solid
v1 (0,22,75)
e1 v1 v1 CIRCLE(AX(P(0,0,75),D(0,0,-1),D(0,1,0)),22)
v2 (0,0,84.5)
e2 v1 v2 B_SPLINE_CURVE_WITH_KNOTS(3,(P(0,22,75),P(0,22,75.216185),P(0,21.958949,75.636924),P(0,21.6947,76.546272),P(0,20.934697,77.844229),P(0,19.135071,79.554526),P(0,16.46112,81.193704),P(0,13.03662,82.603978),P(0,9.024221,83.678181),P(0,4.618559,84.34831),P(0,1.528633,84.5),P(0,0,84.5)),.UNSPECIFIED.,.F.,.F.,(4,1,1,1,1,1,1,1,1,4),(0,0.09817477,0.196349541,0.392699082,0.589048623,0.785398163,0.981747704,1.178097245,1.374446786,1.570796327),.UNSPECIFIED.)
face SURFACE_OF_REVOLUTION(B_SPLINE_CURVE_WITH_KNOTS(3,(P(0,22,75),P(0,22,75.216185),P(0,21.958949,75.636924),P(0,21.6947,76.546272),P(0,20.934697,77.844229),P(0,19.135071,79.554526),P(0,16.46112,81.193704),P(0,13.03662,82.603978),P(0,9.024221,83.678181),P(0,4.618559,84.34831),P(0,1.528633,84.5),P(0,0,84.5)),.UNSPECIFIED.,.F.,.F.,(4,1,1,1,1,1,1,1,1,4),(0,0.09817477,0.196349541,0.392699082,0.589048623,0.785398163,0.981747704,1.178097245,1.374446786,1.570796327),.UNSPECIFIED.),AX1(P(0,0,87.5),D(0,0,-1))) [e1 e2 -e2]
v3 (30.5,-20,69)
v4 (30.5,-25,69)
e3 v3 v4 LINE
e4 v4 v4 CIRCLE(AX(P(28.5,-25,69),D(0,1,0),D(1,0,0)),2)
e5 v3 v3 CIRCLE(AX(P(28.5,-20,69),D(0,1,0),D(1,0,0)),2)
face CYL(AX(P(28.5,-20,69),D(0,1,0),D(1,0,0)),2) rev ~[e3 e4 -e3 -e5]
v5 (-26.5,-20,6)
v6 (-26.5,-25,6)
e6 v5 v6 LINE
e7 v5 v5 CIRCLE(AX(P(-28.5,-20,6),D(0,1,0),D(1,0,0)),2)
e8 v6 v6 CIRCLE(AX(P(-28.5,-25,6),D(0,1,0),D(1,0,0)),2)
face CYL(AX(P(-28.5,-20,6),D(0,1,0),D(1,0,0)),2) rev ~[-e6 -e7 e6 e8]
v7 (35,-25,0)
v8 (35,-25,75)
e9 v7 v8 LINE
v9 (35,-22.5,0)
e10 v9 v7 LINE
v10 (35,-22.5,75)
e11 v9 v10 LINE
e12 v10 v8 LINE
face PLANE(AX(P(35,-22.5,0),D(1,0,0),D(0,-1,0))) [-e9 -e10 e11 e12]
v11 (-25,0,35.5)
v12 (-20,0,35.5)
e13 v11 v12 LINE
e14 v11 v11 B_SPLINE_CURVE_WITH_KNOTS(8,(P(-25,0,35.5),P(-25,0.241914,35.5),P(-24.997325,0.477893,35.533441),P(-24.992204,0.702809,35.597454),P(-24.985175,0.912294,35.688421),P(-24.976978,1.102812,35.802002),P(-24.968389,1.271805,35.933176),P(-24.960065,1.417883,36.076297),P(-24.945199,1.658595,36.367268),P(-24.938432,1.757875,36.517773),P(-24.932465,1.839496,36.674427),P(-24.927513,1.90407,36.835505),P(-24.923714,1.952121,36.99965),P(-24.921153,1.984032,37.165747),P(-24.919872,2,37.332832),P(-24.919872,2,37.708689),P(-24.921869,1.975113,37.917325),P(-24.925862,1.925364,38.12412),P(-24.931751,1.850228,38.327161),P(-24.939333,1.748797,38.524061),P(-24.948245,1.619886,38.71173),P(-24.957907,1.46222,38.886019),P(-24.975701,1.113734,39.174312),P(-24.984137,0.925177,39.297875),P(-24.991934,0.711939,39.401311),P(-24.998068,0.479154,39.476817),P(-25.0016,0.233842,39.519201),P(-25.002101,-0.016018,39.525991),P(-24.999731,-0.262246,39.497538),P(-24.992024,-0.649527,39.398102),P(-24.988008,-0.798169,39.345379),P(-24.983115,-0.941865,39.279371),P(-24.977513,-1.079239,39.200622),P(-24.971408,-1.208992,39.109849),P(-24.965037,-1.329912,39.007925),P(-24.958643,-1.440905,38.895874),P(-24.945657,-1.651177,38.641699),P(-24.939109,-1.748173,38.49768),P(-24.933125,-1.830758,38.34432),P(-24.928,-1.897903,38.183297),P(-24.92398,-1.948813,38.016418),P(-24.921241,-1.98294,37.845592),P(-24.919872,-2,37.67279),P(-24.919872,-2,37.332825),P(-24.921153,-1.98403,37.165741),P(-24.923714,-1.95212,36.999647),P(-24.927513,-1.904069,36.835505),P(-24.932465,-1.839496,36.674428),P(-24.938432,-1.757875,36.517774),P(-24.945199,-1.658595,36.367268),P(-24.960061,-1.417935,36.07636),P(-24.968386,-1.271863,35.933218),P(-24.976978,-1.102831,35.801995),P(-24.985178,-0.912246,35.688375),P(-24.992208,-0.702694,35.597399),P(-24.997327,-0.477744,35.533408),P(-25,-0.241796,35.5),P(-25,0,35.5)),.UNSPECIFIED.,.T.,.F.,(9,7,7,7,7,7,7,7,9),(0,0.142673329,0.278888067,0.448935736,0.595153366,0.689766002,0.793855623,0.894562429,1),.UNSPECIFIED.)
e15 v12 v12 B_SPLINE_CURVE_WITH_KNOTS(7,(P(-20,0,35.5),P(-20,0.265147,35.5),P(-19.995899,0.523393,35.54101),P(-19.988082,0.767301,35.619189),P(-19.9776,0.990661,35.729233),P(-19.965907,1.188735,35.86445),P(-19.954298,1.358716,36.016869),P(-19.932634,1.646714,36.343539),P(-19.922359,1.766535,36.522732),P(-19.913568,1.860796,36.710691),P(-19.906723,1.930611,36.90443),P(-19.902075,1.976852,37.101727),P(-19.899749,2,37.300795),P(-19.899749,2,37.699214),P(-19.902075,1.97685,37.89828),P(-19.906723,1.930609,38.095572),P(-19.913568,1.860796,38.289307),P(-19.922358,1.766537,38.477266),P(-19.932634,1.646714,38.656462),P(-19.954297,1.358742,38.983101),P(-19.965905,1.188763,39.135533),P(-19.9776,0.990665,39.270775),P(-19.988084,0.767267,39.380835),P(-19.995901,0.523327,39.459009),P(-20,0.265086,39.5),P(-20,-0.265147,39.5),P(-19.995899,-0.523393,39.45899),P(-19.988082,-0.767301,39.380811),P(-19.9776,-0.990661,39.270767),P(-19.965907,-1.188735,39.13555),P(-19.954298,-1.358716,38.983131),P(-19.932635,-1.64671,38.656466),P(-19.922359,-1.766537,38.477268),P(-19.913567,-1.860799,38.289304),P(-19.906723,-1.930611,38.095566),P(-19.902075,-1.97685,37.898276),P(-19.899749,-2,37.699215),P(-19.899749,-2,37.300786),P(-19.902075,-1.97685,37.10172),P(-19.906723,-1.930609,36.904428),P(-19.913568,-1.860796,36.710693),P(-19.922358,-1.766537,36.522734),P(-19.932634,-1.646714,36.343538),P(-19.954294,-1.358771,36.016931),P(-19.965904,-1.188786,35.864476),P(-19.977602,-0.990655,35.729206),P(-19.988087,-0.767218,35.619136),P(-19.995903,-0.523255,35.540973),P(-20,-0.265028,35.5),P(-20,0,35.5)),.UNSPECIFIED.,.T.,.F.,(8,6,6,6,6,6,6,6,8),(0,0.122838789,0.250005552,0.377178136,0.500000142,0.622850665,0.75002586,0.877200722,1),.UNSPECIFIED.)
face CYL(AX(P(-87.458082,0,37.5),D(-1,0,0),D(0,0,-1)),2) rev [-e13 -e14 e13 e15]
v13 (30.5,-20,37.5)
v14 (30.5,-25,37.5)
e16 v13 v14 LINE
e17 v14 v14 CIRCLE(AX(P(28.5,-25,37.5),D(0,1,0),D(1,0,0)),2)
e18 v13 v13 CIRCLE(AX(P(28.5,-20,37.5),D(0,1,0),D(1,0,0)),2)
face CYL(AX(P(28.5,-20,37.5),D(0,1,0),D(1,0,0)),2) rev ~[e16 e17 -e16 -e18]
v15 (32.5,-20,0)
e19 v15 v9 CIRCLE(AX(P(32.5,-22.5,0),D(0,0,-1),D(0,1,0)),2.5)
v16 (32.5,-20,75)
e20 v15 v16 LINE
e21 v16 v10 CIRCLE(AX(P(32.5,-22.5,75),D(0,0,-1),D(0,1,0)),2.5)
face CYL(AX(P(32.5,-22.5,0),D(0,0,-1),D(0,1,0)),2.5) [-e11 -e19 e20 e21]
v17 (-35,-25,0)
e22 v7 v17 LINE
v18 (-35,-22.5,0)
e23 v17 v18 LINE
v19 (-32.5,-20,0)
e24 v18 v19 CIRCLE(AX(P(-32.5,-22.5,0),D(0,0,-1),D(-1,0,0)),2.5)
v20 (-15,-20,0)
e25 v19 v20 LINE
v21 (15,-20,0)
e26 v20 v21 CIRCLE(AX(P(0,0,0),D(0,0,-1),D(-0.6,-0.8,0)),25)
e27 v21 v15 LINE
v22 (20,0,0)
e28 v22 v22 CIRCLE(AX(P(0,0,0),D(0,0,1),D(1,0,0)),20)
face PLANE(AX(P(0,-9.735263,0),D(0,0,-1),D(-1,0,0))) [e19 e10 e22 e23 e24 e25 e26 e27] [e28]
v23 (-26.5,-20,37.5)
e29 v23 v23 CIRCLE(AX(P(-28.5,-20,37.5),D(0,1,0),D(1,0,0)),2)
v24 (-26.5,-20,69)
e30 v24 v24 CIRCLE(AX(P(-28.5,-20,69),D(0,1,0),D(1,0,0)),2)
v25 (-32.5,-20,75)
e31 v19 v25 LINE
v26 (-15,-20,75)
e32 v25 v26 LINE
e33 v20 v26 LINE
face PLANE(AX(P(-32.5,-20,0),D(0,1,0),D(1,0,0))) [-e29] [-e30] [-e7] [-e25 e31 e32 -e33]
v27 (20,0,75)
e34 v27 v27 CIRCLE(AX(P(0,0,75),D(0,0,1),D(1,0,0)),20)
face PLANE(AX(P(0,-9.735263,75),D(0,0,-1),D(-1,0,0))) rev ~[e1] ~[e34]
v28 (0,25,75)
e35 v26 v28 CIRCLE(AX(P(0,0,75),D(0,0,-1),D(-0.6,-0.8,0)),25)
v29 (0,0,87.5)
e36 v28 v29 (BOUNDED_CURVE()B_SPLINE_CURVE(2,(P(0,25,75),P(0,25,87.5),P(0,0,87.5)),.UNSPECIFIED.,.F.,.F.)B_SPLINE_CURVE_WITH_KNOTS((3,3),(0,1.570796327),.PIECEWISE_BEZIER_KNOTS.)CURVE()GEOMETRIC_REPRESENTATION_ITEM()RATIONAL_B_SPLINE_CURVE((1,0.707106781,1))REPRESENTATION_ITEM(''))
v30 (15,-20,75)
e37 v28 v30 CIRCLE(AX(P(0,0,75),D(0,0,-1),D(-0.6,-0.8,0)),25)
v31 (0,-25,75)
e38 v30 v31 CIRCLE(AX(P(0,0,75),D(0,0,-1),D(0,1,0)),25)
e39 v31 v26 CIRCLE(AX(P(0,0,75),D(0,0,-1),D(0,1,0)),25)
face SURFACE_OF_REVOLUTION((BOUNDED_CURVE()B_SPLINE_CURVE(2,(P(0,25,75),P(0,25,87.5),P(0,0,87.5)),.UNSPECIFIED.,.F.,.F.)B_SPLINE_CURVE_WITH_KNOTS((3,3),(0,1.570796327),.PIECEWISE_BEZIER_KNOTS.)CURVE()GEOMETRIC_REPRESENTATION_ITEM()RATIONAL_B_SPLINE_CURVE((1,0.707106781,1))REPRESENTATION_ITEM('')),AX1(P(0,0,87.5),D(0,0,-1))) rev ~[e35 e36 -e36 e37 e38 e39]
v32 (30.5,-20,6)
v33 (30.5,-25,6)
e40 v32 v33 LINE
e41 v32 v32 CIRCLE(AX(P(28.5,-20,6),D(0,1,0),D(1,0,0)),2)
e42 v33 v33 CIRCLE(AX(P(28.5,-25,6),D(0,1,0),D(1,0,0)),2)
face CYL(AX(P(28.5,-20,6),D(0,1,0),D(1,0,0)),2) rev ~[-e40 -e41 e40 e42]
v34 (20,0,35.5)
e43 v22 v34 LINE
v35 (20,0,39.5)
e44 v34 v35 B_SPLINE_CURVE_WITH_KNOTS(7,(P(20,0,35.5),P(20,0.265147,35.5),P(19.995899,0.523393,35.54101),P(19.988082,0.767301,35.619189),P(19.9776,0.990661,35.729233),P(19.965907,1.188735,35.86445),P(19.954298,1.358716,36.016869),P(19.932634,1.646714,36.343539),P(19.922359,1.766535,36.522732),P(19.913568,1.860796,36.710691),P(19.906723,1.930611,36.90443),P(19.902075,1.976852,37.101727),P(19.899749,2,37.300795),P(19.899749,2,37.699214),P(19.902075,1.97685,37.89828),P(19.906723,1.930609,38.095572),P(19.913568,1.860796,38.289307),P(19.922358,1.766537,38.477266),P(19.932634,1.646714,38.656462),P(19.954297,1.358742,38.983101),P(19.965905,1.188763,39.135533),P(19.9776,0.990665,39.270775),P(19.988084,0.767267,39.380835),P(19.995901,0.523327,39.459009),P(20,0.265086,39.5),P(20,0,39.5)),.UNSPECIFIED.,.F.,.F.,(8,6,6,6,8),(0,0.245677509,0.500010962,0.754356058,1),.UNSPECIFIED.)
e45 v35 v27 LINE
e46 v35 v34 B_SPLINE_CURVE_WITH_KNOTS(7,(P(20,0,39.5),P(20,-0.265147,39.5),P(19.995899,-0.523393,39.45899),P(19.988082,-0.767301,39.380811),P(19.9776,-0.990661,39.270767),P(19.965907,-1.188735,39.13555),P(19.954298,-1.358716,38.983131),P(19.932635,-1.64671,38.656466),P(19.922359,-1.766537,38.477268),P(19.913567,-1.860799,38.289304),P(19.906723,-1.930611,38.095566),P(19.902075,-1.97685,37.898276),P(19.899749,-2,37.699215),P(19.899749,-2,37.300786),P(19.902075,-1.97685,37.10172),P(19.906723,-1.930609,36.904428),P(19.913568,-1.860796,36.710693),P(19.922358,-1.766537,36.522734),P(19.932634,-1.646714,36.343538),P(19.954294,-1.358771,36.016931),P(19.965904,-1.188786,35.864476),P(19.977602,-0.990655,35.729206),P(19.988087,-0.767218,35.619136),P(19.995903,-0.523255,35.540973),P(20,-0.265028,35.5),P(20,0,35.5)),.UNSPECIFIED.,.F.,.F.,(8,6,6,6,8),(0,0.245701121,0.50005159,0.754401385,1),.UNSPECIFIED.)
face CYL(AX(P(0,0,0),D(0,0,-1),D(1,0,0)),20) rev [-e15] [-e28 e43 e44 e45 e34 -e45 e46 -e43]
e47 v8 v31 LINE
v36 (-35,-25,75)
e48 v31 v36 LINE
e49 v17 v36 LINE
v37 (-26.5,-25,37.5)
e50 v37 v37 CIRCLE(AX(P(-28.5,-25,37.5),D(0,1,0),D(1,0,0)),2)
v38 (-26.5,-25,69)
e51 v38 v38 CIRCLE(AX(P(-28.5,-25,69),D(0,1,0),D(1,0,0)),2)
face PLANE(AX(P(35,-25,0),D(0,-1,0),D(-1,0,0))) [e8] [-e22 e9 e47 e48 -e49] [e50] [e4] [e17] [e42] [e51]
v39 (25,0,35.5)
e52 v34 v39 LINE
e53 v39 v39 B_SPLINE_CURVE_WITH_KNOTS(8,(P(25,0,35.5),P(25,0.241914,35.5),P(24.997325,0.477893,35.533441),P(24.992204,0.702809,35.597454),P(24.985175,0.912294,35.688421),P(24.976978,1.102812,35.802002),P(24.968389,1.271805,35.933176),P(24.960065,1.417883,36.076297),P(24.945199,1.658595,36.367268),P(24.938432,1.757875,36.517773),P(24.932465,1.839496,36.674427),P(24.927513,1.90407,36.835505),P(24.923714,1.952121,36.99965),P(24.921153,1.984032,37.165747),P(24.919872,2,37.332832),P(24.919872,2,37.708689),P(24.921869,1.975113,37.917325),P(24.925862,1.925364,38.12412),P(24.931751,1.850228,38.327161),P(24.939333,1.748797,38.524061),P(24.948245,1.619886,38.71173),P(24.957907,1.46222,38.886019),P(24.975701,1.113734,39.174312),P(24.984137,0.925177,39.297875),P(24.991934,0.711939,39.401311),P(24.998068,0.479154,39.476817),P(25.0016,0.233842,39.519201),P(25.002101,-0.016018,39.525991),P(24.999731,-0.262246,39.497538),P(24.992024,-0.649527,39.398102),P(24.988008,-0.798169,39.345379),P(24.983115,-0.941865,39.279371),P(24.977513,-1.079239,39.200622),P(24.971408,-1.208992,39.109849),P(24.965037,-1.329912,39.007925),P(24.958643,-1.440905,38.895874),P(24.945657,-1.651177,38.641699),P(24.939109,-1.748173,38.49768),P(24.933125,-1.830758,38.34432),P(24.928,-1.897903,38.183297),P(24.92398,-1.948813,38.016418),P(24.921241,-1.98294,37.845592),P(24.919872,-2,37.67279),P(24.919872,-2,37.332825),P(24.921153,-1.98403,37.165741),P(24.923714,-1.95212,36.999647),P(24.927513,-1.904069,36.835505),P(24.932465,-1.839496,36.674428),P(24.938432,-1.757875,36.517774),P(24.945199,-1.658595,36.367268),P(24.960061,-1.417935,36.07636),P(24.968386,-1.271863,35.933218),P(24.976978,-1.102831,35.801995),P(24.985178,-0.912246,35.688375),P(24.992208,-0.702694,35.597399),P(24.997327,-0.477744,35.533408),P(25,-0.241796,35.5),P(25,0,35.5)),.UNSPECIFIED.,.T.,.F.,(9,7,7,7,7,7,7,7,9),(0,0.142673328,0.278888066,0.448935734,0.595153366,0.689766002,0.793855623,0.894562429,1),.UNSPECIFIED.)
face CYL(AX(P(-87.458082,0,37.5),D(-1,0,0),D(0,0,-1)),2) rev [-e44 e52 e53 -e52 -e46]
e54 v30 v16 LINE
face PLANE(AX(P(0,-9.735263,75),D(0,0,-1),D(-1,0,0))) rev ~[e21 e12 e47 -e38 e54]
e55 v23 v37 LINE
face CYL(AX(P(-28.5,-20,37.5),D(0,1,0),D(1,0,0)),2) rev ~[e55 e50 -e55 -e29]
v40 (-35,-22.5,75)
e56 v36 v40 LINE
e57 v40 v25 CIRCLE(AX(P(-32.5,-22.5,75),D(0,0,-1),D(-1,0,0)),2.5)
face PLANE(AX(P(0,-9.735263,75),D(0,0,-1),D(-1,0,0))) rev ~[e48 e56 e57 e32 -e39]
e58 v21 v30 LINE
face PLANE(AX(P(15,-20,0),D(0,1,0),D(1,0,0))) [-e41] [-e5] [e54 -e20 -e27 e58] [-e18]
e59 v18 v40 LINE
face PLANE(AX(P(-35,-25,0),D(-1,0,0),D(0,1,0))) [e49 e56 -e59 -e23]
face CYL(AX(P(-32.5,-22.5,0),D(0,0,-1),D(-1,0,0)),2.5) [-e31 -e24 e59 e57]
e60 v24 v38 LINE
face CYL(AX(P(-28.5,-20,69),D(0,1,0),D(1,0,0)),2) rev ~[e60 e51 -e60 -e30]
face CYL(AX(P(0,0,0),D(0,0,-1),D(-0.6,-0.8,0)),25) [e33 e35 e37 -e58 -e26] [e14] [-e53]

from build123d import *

# Parameters (mm, degrees)
SKETCH1_R               = 20
BOSS_EXTRUDE1_DEPTH     = 75
CUT_EXTRUDE2_DEPTH      = 87.458082329
CUT_EXTRUDE2_DEPTH_BACK = 87.458082329
SKETCH3_R               = 2
SKETCH2_R               = 2
CUT_EXTRUDE3_DEPTH      = 10
SKETCH2_4_R             = 2
CUT_EXTRUDE4_DEPTH      = 10


with BuildPart() as part:
    # Sketch1 → Boss-Extrude1 (new body)
    with BuildSketch(Plane.XY):
        with BuildLine():
            Line((-32.5, -20), (-15, -20))
            ThreePointArc((-15, -20), (0, 25), (15, -20))
            Line((15, -20), (32.5, -20))
            ThreePointArc((32.5, -20), (34.267766953, -20.732233047), (35, -22.5))
            Line((35, -22.5), (35, -25))
            Line((35, -25), (-35, -25))
            Line((-35, -25), (-35, -22.5))
            ThreePointArc((-35, -22.5), (-34.267766953, -20.732233047), (-32.5, -20))
        make_face()
        Circle(SKETCH1_R, mode=Mode.SUBTRACT)
    extrude(amount=BOSS_EXTRUDE1_DEPTH)

    # Sketch3 → Cut-Extrude2 (cut, two sides: drawn at the far end of the back side and taken through both)
    with BuildSketch(Plane(origin=(0, 0, 0), x_dir=(0, 0, -1), z_dir=(1, 0, 0)).offset(-CUT_EXTRUDE2_DEPTH_BACK)):
        with Locations((-37.5, 0)):
            Circle(SKETCH3_R)
    extrude(amount=CUT_EXTRUDE2_DEPTH + CUT_EXTRUDE2_DEPTH_BACK, mode=Mode.SUBTRACT)

    # Sketch4 → Revolve1 (revolve)
    with BuildSketch(Plane(origin=(0, 0, 0), x_dir=(0, 0, -1), z_dir=(1, 0, 0))):
        with BuildLine():
            Line((-87.5, 0), (-84.5, 0))
            add(Edge.make_bspline(
                [(-75, 22), (-75.216185099, 22), (-75.636923923, 21.95894914), (-76.546271577, 21.69469962), (-77.844229013, 20.93469698), (-79.554525777, 19.135071068), (-81.193703824, 16.461120363), (-82.603978079, 13.036619939), (-83.678181323, 9.024220506), (-84.34830956, 4.618558705), (-84.5, 1.528633227), (-84.5, 0)],
                knots=[0, 0, 0, 0, 0.09817477, 0.196349541, 0.392699082, 0.589048623, 0.785398163, 0.981747704, 1.178097245, 1.374446786, 1.570796327, 1.570796327, 1.570796327, 1.570796327], degree=3))
            Line((-75, 22), (-75, 25))
            add(Edge.make_bspline(
                [(-75, 25), (-87.5, 25), (-87.5, 0)],
                knots=[0, 0, 0, 1.570796327, 1.570796327, 1.570796327], degree=2, weights=[1, 0.707106781, 1]))
        make_face()
    revolve(axis=Axis((0, 0, 87.5), (0, 0, -1)))

    # Sketch2 → Cut-Extrude3 (cut)
    with BuildSketch(Plane(origin=(0, -20, 0), x_dir=(1, 0, 0), z_dir=(0, 1, 0))):
        with Locations((28.5, -69)):
            Circle(SKETCH2_R)
    extrude(amount=-CUT_EXTRUDE3_DEPTH, mode=Mode.SUBTRACT)

    # Sketch2<4> → Cut-Extrude4 (cut)
    with BuildSketch(Plane(origin=(0, -20, 0), x_dir=(1, 0, 0), z_dir=(0, 1, 0))):
        with Locations((-28.5, -6)):
            Circle(SKETCH2_4_R)
        with Locations((28.5, -6)):
            Circle(SKETCH2_4_R)
        with Locations((-28.5, -69)):
            Circle(SKETCH2_4_R)
        with Locations((28.5, -37.5)):
            Circle(SKETCH2_4_R)
        with Locations((-28.5, -37.5)):
            Circle(SKETCH2_4_R)
    extrude(amount=-CUT_EXTRUDE4_DEPTH, mode=Mode.SUBTRACT)


solid = part.part
